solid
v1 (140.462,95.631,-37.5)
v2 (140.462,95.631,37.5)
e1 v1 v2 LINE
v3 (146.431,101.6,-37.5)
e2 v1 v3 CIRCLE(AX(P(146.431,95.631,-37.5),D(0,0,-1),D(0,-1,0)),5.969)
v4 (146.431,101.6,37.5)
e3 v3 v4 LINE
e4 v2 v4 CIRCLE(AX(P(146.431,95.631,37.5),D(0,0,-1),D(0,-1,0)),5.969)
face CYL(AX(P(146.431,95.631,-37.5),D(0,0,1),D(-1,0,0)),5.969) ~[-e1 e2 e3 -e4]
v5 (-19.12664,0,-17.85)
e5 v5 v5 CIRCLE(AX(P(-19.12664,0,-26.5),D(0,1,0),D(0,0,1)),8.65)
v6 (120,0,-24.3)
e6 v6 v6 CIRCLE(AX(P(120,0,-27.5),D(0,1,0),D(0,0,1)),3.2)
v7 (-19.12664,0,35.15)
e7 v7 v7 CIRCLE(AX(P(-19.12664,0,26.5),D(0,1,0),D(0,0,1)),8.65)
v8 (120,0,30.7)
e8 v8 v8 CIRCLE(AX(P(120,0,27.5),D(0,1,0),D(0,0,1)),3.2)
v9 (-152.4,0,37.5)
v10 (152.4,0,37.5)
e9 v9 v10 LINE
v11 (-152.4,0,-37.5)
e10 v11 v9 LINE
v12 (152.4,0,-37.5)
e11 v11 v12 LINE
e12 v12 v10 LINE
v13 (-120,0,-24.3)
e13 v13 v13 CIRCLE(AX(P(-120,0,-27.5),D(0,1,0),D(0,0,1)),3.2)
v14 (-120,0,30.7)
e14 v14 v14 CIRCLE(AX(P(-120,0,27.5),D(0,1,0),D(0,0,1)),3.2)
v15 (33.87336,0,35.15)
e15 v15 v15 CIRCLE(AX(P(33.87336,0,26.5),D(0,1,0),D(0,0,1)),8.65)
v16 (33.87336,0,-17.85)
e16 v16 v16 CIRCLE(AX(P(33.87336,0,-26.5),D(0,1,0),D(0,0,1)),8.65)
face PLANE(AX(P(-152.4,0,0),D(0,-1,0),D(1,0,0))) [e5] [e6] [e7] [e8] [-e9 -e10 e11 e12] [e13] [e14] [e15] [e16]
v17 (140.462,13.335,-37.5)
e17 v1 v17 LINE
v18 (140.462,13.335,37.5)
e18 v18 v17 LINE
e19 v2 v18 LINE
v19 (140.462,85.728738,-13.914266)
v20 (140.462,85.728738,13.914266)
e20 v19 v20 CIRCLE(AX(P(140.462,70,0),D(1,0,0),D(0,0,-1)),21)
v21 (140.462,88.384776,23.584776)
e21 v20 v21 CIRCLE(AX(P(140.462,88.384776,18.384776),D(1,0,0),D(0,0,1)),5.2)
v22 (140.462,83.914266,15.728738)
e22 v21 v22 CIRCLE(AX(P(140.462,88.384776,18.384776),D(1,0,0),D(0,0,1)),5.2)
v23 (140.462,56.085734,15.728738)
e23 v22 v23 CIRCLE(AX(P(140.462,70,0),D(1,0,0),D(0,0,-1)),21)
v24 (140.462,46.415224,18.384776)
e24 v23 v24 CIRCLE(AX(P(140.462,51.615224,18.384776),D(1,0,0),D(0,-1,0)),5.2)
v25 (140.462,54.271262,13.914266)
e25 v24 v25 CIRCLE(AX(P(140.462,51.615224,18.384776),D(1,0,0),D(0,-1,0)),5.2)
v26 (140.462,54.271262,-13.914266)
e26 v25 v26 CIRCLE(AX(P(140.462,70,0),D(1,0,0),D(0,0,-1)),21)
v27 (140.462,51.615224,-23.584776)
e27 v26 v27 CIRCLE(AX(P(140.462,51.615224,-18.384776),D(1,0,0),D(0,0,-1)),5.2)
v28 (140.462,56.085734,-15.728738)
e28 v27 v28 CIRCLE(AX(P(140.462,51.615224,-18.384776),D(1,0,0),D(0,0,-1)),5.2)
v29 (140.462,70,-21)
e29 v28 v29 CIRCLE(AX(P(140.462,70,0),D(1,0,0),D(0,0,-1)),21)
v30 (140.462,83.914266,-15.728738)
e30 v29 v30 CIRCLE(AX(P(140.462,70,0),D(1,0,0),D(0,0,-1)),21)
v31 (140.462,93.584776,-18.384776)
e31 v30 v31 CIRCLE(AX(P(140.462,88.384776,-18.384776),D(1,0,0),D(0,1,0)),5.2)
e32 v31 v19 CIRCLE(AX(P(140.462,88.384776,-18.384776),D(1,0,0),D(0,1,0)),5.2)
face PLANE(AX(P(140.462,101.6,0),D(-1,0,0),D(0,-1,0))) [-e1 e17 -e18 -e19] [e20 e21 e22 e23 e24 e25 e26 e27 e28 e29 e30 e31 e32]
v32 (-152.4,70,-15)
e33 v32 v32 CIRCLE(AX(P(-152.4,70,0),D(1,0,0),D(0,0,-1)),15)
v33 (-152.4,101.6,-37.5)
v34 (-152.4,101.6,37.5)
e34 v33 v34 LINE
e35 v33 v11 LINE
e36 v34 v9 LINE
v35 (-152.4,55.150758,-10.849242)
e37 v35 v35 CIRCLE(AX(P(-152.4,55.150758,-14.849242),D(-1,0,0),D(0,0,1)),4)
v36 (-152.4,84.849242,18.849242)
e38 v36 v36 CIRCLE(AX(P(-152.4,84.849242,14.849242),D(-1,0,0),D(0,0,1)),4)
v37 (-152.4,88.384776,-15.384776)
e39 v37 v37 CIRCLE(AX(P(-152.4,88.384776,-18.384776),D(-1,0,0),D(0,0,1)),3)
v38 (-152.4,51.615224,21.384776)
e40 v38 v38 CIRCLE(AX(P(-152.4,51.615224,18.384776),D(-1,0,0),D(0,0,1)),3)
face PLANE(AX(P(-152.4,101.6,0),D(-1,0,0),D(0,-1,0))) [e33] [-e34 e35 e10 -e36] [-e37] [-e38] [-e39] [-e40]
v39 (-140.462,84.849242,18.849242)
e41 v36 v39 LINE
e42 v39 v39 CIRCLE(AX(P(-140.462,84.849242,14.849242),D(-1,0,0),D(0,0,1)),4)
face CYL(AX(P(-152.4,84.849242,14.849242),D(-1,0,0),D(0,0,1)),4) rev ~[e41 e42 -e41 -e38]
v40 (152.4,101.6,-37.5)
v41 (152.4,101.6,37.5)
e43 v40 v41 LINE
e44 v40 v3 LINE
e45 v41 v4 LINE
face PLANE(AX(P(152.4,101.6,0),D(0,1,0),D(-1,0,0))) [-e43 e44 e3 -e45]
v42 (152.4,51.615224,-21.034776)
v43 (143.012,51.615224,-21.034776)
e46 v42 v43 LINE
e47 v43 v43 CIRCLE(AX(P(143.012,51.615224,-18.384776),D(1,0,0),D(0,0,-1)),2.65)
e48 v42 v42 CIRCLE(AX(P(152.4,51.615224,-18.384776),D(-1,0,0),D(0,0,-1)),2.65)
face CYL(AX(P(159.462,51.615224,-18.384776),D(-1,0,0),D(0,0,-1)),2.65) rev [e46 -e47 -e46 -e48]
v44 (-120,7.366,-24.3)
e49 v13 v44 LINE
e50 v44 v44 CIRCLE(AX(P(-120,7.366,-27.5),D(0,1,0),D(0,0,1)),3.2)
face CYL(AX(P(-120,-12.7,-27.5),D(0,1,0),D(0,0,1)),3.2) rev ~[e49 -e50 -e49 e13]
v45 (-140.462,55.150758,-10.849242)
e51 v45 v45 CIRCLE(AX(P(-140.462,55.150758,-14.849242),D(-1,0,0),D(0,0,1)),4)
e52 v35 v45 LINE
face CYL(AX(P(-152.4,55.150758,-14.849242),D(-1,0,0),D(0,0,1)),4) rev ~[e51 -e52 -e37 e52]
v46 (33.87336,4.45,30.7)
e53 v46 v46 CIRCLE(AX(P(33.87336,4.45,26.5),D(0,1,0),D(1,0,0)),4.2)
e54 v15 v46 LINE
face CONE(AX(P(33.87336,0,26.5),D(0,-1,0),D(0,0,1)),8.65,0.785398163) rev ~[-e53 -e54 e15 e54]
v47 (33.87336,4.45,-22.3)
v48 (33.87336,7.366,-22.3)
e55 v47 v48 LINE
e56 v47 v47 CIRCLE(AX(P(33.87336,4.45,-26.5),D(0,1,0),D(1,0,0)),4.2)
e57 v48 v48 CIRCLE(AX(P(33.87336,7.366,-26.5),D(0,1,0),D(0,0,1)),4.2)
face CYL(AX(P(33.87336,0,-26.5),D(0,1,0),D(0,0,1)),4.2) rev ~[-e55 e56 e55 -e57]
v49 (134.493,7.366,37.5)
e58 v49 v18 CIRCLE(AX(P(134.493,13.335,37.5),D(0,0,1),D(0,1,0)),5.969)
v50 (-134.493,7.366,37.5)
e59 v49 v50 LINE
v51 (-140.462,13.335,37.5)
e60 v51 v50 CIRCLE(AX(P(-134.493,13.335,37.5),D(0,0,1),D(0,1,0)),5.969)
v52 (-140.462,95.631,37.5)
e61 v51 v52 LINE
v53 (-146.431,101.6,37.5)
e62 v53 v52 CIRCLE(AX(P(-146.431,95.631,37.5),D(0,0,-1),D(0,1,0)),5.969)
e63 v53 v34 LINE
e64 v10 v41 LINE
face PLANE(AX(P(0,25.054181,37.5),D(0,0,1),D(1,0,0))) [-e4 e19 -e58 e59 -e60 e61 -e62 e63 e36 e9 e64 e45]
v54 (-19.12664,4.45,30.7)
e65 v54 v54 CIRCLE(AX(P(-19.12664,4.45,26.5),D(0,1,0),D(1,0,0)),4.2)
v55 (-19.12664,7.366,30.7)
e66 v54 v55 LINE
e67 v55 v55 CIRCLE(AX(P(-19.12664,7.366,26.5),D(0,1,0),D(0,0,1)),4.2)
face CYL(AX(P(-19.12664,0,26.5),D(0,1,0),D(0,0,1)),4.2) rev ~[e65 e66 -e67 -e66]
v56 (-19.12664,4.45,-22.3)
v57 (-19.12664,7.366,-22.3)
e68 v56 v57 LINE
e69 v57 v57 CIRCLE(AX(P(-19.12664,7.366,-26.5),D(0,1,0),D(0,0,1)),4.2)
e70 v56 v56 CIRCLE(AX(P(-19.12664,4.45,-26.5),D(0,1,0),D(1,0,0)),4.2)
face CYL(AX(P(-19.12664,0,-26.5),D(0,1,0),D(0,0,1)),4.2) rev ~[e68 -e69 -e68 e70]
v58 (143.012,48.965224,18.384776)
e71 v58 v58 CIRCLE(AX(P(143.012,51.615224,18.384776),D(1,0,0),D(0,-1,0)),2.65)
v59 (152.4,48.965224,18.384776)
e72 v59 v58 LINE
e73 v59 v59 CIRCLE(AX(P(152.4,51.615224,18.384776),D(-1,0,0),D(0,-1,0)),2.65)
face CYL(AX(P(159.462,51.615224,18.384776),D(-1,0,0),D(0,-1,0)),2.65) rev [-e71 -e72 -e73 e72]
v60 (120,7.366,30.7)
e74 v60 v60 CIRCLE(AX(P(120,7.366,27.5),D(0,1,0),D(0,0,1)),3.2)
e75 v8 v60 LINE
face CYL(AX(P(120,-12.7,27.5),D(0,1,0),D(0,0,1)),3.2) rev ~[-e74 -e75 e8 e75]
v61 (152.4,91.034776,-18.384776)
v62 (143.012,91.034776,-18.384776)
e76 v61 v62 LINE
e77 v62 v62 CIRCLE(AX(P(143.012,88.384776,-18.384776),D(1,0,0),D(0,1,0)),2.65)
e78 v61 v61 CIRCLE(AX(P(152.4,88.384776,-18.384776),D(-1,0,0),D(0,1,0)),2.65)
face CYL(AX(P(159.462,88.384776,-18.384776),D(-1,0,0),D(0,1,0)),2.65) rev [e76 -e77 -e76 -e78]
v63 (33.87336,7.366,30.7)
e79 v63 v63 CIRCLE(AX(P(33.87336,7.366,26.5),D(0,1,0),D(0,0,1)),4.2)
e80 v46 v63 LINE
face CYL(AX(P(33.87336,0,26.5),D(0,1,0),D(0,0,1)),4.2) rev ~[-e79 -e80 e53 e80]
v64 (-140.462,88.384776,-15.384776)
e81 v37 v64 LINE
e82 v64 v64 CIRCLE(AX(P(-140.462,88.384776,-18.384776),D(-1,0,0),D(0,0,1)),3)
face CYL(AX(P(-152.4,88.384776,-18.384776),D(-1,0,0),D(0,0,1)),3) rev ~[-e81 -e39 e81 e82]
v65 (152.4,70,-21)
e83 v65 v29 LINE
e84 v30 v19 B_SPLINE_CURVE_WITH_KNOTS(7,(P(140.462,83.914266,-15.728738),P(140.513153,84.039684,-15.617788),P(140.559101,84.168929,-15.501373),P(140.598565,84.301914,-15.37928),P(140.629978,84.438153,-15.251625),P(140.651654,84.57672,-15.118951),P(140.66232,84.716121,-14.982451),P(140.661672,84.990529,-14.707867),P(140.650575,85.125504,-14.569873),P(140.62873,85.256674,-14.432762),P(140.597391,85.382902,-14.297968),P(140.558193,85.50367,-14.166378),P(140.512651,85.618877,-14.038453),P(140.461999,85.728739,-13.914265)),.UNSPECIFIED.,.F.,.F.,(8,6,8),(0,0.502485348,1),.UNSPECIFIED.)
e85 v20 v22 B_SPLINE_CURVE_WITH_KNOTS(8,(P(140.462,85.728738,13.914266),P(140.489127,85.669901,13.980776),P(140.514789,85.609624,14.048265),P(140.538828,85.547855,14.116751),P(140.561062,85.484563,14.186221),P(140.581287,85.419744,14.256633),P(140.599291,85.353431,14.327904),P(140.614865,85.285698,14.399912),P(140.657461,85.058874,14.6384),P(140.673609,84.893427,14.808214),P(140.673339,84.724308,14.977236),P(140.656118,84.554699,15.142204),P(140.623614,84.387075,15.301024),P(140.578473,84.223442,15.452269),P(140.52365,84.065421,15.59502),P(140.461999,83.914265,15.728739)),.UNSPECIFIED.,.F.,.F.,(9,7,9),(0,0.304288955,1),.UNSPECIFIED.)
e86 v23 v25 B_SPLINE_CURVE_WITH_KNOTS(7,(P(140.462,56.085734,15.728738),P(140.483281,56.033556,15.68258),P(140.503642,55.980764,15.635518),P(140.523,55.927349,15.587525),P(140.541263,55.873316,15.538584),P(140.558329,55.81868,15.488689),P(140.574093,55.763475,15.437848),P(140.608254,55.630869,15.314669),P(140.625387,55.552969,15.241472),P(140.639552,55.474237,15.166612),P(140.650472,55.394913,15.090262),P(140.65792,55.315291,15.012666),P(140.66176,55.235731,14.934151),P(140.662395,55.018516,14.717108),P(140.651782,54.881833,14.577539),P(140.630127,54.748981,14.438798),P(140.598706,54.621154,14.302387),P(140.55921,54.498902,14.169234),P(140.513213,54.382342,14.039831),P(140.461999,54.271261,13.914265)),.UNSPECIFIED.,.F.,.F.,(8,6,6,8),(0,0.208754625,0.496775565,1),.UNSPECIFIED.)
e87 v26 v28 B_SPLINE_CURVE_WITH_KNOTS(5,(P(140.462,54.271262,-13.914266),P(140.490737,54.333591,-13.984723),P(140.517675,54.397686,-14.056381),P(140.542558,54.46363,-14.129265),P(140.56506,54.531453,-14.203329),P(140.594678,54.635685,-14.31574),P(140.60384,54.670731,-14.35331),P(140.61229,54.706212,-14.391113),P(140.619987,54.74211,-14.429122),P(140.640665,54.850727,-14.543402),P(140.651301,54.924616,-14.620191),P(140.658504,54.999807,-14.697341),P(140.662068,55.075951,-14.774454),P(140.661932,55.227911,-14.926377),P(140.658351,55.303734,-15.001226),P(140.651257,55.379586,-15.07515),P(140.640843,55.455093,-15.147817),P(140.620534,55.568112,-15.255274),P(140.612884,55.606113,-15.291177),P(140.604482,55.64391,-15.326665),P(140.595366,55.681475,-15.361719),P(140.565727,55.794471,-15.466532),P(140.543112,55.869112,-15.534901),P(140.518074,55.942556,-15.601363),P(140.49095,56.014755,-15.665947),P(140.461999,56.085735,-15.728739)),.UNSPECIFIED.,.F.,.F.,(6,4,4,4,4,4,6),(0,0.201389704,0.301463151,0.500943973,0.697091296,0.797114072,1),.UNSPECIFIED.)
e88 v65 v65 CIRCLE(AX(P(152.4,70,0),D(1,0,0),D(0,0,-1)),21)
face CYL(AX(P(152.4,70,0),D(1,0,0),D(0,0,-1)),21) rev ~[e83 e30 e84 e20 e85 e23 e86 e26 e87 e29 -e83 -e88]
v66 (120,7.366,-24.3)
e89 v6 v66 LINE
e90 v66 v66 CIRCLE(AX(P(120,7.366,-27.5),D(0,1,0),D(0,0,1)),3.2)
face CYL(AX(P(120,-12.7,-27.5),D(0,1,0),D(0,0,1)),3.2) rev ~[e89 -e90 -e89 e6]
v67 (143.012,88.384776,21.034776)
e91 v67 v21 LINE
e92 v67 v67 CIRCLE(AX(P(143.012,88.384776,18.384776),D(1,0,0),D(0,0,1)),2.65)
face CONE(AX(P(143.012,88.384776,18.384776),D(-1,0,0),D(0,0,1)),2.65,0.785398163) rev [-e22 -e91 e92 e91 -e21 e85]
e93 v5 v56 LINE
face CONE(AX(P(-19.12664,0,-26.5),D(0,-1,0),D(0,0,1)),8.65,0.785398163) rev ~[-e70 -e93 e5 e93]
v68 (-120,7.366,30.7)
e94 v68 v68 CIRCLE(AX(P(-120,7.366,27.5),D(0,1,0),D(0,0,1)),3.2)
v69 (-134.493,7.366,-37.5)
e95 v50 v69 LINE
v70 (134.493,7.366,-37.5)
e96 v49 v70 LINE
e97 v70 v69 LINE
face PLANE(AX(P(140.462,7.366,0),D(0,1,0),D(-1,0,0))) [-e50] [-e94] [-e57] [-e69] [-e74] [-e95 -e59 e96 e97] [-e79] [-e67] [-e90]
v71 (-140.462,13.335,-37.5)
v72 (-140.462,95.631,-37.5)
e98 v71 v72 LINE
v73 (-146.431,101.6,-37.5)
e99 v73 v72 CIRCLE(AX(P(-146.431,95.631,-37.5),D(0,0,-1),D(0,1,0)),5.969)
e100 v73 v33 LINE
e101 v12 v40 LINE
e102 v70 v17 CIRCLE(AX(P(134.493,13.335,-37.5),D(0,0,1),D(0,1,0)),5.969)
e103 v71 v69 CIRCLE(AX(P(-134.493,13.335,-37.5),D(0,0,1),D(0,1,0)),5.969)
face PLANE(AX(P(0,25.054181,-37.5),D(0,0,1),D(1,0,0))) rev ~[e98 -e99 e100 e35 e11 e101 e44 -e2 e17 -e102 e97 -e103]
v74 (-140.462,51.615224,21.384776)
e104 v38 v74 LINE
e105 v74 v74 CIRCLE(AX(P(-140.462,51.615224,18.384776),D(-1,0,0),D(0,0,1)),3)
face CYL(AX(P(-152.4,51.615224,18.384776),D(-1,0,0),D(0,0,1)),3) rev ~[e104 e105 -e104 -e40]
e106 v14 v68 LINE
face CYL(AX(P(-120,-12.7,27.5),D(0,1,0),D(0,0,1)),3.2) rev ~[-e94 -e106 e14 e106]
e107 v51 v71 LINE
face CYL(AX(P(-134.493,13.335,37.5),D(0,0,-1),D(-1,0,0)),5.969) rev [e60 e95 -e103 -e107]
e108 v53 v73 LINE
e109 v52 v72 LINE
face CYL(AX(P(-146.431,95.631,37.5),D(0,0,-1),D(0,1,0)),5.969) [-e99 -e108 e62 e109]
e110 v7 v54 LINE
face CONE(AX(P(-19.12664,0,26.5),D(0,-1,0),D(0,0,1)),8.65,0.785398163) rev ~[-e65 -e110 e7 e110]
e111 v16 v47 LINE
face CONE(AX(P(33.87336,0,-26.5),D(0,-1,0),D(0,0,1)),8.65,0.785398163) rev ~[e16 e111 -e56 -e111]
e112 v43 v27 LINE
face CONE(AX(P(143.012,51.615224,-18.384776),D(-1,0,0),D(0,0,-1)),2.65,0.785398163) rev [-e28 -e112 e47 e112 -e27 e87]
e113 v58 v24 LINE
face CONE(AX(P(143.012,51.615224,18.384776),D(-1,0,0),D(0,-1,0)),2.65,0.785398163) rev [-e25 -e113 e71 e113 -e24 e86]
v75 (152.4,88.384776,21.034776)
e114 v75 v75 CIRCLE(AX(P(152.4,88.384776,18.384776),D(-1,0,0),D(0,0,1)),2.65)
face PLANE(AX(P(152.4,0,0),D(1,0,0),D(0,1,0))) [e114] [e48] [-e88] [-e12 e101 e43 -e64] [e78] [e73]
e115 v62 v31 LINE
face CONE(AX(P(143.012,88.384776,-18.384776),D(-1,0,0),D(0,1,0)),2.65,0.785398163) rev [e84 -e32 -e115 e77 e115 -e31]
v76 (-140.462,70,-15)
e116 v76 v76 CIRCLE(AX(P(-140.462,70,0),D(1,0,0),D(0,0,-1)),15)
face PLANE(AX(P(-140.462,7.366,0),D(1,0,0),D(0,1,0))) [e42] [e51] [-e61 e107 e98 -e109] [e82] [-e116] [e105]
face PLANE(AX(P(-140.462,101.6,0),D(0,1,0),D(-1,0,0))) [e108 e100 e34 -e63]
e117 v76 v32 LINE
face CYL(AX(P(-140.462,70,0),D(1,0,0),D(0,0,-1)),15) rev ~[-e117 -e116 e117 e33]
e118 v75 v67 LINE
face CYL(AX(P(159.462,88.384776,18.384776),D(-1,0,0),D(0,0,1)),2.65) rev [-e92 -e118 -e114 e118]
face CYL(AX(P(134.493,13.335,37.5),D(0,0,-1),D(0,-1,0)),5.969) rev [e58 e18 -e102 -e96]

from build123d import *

# Parameters (mm, degrees)
BOSS_EXTRUDE1_DEPTH                             = 37.5
FILLET1_R                                       = 5.969
SKETCH2_R                                       = 21
CUT_EXTRUDE1_DEPTH                              = 21
CIRPATTERN1_COUNT                               = 4
SKETCH5_R                                       = 15
CUT_EXTRUDE2_DEPTH                              = 21
CSK_FOR_M8_FLAT_HEAD_MACHINE_SCREW1_D           = 8.4
CSK_FOR_M8_FLAT_HEAD_MACHINE_SCREW1_DEPTH       = 12.7
CSK_FOR_M8_FLAT_HEAD_MACHINE_SCREW1_CSINK_D     = 17.3
CSK_FOR_M8_FLAT_HEAD_MACHINE_SCREW1_CSINK_ANGLE = 90
CSK_FOR_M8_FLAT_HEAD_MACHINE_SCREW1_TIP         = 2.5236146
M6_CLEARANCE_HOLE1_D                            = 6.4
M6_CLEARANCE_HOLE1_DEPTH                        = 12.7
M6_CLEARANCE_HOLE1_TIP                          = 1.922753981
SKETCH13_R                                      = 3
SKETCH13_R_2                                    = 4
CUT_EXTRUDE3_DEPTH                              = 11.938


with BuildPart() as part:
    # Sketch1 → Boss-Extrude1 (new body, symmetric)
    with BuildSketch(Plane.XY):
        Polygon((-140.462, 101.6), (-152.4, 101.6), (-152.4, 0), (152.4, 0), (152.4, 101.6), (140.462, 101.6), (140.462, 7.366), (-140.462, 7.366), align=None)
    extrude(amount=BOSS_EXTRUDE1_DEPTH, both=True)

    # Fillet1
    fillet1_edges = [part.edges().sort_by_distance(p)[0] for p in [
        (-140.462, 7.366, 0),
        (140.462, 7.366, 0),
        (140.462, 101.6, 0),
        (-140.462, 101.6, 0),
    ]]
    fillet(fillet1_edges, radius=FILLET1_R)

    # Sketch2 → Cut-Extrude1 (cut)
    with BuildSketch(Plane(origin=(152.4, 0, 0), x_dir=(0, 0, -1), z_dir=(1, 0, 0))):
        with Locations((0, 70)):
            Circle(SKETCH2_R)
    extrude(amount=-CUT_EXTRUDE1_DEPTH, mode=Mode.SUBTRACT)

    # Sketch4 → CSK for M5 Flat Head Machine Screw1 (revolve, cut)
    with BuildSketch(Plane(origin=(140.462, 88.384776311, 18.384776311), x_dir=(0, 0, 1), z_dir=(0, 1, 0))):
        Polygon((0, 0), (0, 20.59228064), (2.65, 19), (2.65, 2.55), (5.2, 0), align=None)
    csk_for_m5_flat_head_machine_screw1 = revolve(axis=Axis((134.112, 88.384776311, 18.384776311), (1, 0, 0)), mode=Mode.SUBTRACT)

    # CirPattern1: CSK for M5 Flat Head Machine Screw1 ×4 about axis
    cirpattern1_axis = Axis((0, 70, 0), (1, 0, 0))
    for i in range(1, CIRPATTERN1_COUNT):
        add(csk_for_m5_flat_head_machine_screw1.rotate(cirpattern1_axis, i * 360 / CIRPATTERN1_COUNT), mode=Mode.SUBTRACT)

    # Sketch5 → Cut-Extrude2 (cut)
    with BuildSketch(Plane(origin=(-140.462, 0, 0), x_dir=(0, 0, -1), z_dir=(1, 0, 0))):
        with Locations((0, 70)):
            Circle(SKETCH5_R)
    extrude(amount=-CUT_EXTRUDE2_DEPTH, mode=Mode.SUBTRACT)

    # CSK for M8 Flat Head Machine Screw1
    with Locations(Plane(origin=(-19.12664, 0, 26.5), x_dir=(0, 0, -1), z_dir=(0, -1, 0))):
        with Locations((0, 0), (0, 53), (53, 53), (53, 0)):
            CounterSinkHole(CSK_FOR_M8_FLAT_HEAD_MACHINE_SCREW1_D / 2, CSK_FOR_M8_FLAT_HEAD_MACHINE_SCREW1_CSINK_D / 2, depth=CSK_FOR_M8_FLAT_HEAD_MACHINE_SCREW1_DEPTH, counter_sink_angle=CSK_FOR_M8_FLAT_HEAD_MACHINE_SCREW1_CSINK_ANGLE)
            with Locations((0, 0, -(CSK_FOR_M8_FLAT_HEAD_MACHINE_SCREW1_DEPTH + CSK_FOR_M8_FLAT_HEAD_MACHINE_SCREW1_TIP / 2))):  # 118° drill point
                Cone(0, CSK_FOR_M8_FLAT_HEAD_MACHINE_SCREW1_D / 2, CSK_FOR_M8_FLAT_HEAD_MACHINE_SCREW1_TIP, mode=Mode.SUBTRACT)

    # M6 Clearance Hole1
    with Locations(Plane(origin=(-120, 0, 27.5), x_dir=(0, 0, -1), z_dir=(0, -1, 0))):
        with Locations((0, 0), (0, 240), (55, 240), (55, 0)):
            Hole(M6_CLEARANCE_HOLE1_D / 2, depth=M6_CLEARANCE_HOLE1_DEPTH)
            with Locations((0, 0, -(M6_CLEARANCE_HOLE1_DEPTH + M6_CLEARANCE_HOLE1_TIP / 2))):  # 118° drill point
                Cone(0, M6_CLEARANCE_HOLE1_D / 2, M6_CLEARANCE_HOLE1_TIP, mode=Mode.SUBTRACT)

    # Sketch13 → Cut-Extrude3 (cut)
    with BuildSketch(Plane.ZY.offset(152.4)):
        with Locations((-18.384776311, 88.384776311)):
            Circle(SKETCH13_R)
        with Locations((18.384776311, 51.615223689)):
            Circle(SKETCH13_R)
        with Locations((-14.849242405, 55.150757595)):
            Circle(SKETCH13_R_2)
        with Locations((14.849242405, 84.849242405)):
            Circle(SKETCH13_R_2)
    extrude(amount=-CUT_EXTRUDE3_DEPTH, mode=Mode.SUBTRACT)


solid = part.part
